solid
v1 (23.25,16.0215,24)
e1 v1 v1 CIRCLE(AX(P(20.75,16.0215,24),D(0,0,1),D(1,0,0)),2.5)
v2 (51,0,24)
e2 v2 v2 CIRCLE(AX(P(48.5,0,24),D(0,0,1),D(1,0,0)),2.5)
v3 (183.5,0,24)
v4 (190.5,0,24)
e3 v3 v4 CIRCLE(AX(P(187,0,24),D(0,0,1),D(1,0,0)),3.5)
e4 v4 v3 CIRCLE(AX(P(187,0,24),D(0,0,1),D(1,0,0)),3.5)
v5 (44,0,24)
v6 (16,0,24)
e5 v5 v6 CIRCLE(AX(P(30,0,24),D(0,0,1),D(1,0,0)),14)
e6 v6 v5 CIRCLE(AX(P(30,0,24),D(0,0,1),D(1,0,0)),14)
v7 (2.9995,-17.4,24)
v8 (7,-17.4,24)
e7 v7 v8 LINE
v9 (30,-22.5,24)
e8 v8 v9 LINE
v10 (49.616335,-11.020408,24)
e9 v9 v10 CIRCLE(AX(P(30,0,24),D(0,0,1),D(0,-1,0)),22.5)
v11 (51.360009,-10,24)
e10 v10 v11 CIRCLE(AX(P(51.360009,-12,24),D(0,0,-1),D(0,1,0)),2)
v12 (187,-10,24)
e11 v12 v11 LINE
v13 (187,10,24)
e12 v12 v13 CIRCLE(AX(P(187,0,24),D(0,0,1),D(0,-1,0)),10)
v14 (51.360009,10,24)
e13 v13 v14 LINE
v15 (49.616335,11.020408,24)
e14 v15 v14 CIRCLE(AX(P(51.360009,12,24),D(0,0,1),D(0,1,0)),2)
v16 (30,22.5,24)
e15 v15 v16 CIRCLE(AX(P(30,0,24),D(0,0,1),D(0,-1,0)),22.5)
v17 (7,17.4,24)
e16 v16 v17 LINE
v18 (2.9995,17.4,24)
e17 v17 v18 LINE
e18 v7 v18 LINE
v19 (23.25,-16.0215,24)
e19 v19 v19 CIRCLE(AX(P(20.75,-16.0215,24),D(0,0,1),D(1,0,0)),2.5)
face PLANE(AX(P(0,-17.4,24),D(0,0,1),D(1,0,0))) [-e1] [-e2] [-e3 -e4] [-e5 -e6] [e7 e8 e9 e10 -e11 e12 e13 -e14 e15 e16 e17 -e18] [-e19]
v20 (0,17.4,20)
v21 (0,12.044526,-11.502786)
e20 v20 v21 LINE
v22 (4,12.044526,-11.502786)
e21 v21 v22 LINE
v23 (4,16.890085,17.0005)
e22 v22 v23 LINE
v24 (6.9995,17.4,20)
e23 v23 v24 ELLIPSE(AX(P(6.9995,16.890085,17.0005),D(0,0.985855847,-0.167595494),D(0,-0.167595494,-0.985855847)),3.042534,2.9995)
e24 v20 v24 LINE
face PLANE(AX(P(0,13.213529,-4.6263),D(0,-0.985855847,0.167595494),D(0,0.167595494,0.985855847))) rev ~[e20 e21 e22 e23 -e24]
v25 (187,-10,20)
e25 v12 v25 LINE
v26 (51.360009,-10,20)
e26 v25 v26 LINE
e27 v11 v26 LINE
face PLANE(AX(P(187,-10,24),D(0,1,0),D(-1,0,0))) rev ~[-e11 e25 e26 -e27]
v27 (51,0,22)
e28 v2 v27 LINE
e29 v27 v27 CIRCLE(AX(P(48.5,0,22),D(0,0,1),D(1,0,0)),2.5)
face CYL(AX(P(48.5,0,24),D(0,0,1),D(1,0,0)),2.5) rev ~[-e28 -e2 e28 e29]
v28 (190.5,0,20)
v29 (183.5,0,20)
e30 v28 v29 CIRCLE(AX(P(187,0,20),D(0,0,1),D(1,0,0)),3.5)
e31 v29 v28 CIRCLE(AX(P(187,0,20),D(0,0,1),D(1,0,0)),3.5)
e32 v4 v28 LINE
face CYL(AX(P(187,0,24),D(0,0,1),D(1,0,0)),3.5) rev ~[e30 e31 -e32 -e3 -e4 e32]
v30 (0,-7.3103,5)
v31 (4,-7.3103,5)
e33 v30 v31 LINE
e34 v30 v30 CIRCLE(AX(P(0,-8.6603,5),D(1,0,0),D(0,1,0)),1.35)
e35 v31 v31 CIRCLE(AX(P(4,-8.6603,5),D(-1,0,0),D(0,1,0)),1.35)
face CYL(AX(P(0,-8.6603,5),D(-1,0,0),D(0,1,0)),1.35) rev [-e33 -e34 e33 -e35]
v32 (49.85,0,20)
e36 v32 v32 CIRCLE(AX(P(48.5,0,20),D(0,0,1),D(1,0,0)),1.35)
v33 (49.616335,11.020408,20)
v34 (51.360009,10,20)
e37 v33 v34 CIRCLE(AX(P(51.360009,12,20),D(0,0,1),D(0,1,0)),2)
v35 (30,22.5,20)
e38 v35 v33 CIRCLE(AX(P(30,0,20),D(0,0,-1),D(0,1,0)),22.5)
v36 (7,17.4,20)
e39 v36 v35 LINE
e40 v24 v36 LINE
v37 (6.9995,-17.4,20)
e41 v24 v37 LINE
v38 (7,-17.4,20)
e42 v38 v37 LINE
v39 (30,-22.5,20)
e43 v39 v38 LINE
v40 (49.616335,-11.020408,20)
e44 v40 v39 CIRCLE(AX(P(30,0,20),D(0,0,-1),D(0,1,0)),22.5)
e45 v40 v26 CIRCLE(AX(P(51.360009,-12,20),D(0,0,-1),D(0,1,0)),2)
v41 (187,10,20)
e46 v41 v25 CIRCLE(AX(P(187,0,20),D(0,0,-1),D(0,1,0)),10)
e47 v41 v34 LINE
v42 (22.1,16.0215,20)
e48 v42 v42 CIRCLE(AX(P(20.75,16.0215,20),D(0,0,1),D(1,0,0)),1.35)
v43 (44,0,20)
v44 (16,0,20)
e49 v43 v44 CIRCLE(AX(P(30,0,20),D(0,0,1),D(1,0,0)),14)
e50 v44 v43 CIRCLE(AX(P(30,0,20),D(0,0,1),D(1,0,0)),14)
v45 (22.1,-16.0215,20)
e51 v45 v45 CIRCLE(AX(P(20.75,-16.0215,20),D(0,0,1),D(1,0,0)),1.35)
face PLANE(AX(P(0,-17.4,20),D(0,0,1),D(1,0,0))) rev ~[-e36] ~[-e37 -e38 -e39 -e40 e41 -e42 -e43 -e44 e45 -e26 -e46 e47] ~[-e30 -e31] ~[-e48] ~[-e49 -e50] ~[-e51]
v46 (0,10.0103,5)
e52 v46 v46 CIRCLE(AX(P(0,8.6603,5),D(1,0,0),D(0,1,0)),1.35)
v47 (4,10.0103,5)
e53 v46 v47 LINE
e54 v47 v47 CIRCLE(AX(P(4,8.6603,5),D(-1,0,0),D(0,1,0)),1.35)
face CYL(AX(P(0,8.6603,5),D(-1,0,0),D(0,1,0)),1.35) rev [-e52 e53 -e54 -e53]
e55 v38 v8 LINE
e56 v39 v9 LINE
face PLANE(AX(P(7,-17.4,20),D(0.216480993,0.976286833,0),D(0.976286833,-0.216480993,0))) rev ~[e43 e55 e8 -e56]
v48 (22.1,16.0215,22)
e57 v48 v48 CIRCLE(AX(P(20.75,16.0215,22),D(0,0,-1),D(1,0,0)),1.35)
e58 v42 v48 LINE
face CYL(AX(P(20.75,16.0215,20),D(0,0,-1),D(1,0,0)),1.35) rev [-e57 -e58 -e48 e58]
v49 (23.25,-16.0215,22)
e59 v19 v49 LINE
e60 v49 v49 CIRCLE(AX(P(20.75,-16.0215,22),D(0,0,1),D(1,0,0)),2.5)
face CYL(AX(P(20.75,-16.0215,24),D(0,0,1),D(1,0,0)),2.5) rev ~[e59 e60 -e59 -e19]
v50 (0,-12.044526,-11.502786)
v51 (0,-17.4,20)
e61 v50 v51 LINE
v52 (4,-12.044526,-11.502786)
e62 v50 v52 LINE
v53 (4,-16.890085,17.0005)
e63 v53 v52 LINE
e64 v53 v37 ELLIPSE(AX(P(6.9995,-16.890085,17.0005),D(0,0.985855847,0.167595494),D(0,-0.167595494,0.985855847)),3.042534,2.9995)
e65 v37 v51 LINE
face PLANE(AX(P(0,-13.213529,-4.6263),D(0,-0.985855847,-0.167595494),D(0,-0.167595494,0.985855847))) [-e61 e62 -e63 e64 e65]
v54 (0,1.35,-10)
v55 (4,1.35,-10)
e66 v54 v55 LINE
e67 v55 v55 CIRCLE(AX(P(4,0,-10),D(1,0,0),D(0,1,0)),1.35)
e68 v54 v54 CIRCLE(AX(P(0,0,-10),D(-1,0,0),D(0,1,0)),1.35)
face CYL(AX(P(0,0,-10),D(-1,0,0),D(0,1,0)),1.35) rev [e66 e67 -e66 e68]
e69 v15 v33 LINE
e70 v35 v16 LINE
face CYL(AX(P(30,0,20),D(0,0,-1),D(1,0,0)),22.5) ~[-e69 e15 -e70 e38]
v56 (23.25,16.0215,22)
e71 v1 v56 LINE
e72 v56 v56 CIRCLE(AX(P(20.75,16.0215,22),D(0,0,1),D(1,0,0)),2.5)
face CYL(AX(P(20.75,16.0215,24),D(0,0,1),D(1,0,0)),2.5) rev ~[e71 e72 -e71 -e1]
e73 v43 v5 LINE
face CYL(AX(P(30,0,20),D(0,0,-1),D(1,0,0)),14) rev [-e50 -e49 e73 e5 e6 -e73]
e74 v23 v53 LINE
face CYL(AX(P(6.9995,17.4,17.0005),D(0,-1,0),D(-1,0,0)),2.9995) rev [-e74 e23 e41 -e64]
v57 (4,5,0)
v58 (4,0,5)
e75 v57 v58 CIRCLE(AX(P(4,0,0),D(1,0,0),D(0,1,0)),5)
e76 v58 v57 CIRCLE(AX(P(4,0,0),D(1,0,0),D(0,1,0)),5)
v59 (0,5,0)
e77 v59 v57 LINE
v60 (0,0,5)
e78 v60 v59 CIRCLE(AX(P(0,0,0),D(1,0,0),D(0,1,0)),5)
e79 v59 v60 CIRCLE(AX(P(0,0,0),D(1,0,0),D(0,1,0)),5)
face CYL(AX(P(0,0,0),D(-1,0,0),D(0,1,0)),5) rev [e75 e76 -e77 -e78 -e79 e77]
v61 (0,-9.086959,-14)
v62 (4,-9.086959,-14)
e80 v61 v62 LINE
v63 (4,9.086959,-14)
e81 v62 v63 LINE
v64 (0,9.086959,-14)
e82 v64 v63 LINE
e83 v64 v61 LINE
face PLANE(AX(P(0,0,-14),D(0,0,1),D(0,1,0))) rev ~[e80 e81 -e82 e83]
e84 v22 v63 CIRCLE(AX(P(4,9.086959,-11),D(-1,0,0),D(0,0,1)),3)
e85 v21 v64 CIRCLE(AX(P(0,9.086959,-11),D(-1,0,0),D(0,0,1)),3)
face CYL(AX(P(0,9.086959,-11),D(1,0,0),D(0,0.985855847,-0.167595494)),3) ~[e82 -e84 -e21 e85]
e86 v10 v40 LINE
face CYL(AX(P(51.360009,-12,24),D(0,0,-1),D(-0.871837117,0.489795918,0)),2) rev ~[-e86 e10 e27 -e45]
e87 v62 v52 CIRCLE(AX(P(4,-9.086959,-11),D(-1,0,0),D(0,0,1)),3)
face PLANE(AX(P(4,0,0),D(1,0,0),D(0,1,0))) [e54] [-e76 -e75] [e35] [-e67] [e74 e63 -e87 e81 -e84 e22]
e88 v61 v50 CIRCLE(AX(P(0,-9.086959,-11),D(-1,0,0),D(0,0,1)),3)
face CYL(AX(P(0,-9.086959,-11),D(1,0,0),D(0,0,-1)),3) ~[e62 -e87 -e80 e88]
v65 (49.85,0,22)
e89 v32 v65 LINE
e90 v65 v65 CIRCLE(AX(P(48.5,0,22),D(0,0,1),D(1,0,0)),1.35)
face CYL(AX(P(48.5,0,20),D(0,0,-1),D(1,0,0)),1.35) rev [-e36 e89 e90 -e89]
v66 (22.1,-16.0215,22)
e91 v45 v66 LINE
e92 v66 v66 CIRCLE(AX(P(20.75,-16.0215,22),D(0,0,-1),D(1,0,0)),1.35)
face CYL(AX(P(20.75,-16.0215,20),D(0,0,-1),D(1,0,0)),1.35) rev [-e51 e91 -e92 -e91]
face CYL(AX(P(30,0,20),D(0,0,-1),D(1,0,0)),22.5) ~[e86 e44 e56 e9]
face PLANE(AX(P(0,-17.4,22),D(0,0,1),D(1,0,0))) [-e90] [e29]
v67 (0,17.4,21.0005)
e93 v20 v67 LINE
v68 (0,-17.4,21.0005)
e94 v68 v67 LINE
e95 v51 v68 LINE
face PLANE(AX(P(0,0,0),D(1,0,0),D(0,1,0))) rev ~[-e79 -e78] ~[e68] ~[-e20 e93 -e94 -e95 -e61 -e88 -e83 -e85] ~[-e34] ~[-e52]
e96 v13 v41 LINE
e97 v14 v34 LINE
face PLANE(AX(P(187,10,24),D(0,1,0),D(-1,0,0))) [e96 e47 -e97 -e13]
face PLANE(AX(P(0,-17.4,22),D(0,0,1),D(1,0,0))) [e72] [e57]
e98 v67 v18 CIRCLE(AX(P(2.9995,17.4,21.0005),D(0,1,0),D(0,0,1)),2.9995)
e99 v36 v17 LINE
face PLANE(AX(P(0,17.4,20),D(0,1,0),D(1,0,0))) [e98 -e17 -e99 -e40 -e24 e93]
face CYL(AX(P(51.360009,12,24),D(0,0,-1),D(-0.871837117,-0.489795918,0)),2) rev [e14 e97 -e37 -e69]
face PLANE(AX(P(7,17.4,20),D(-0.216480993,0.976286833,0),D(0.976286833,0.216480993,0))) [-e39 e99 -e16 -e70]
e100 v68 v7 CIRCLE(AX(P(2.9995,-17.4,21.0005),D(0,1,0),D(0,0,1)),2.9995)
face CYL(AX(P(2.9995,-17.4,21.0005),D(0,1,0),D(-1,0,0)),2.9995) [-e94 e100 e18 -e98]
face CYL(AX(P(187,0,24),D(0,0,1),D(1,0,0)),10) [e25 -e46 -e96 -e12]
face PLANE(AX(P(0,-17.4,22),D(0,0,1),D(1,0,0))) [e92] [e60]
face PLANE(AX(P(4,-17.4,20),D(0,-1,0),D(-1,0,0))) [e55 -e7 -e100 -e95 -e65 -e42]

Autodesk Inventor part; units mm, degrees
ref_plane "YZ Plane" through (0, 0, 0) normal (1, 0, 0) x (0, 1, 0)
ref_plane "XZ Plane" through (0, 0, 0) normal (0, 1, 0) x (-1, 0, 0)
ref_plane "XY Plane" through (0, 0, 0) normal (0, 0, 1) x (1, 0, 0)
sketch "スケッチ1" plane through (0, 0, 0) normal (1, 0, 0) x (0, 1, 0)
  circle A0 centre (0, 0) radius 10
  circle A1 centre (0, -10) radius 1.35
  circle A2 centre (8.6603, 5) radius 1.35
  circle A3 centre (-8.6603, 5) radius 1.35
  circle A4 centre (0, 0) radius 5
  line L0 (0, 0) -> (0, 50)
  circle A5 centre (0, 50) radius 22.5
  circle A6 centre (0, 0) radius 14
  line L1 (-14, 0) -> (-22.5, 50)
  line L2 (14, 0) -> (22.5, 50)
  line L3 (0, -14) -> (-11.62, -14)
  line L4 (-11.62, -14) -> (-14, 0)
  line L5 (0, -14) -> (11.62, -14)
  line L6 (11.62, -14) -> (14, 0)
  line L7 (0, 20) -> (-17.4, 20)
  line L8 (0, 20) -> (17.4, 20)
  dimension "d0" = 20
  dimension "d1" = 2.7
  dimension "d4" = 360
  dimension "d6" = 10
  dimension "d7" = 50
  dimension "d8" = 45
  dimension "d9" = 28
extrude "押し出し1" add sketch "スケッチ1" along normal blind 4 contours A0 A1 A3 A2 | A6 L6 L4 | A6 L1 L7 L0 | L0 L8 L2 A6 | L6 L5 A6 | A6 L3 L4
sketch "スケッチ2" plane through (0, -17.4, 20) normal (0, 0, 1) x (1, 0, 0)
  line L0 (0, 17.4) -> (30, 17.4)
  circle A0 centre (30, 17.4) radius 22.5
  circle A1 centre (30, 17.4) radius 18.5
  circle A2 centre (30, 17.4) radius 14
  circle A3 centre (48.5, 17.4) radius 1.35
  circle A4 centre (20.75, 33.4215) radius 1.35
  circle A5 centre (20.75, 1.3785) radius 1.35
  line L1 (0, 29.02) -> (0, 34.8) projected
  line L2 (0, 0) -> (0, 5.78) projected
  line L3 (0, 34.8) -> (0, 0)
  line L4 (4, 29.02) -> (4, 34.8) projected
  line L5 (4, 34.8) -> (7, 34.8)
  line L6 (7, 34.8) -> (30, 39.9)
  line L7 (4, 0) -> (4, 5.78) projected
  line L8 (4, 0) -> (7, 0)
  line L9 (7, 0) -> (30, -5.1)
  line L10 (4, 0) -> (0, 0)
  line L11 (0, 34.8) -> (4, 34.8) projected
  line L12 (0, 0) -> (0, 34.8)
  line L13 (0, 34.8) -> (4, 34.8)
  dimension "d14" = 37
  dimension "d12" = 30
  dimension "d13" = 45
  dimension "d15" = 28
  dimension "d16" = 2.7
  dimension "d19" = 360
  dimension "d21" = 3
  dimension "d22" = 3
extrude "押し出し2" add sketch "スケッチ2" along normal blind 4 contours L3 L1 L11 L5 L6 A0 L0 | L0 A0 L9 L8 L10 L2 L3 | A1 A4 A3 A5 | A0 L6 L9
fillet "フィレット1" radius 3 2 edges at (4, 0, 20) (0, 0, 24)
fillet "フィレット2" radius 3 2 edges at (2, -11.62, -14) (2, 11.62, -14)
sketch "スケッチ7" plane through (0, -17.4, 24) normal (0, 0, 1) x (1, 0, 0)
  circle A0 centre (30, 17.4) radius 14 projected
  line L0 (30, 17.4) -> (187, 17.4)
  line L1 (30, 17.4) -> (187, 17.4) construction
  circle A1 centre (187, 17.4) radius 3.5
  circle A2 centre (187, 17.4) radius 10
  line L2 (187, 27.4) -> (50.1556, 27.4)
  arc A3 (30, -5.1) -> (30, 39.9) centre (30, 17.4) ccw projected
  line L3 (187, 27.4) -> (323.8444, 27.4) construction
  line L4 (187, 7.4) -> (50.1556, 7.4)
  point P0 (0, 17.4)
  dimension "d55" = 157
  dimension "d56" = 0
  dimension "d57" = 7
  dimension "d58" = 20
  dimension "d59" = 180
extrude "押し出し7" add sketch "スケッチ7" against normal blind 4 contours A3 L2 A2 L0 | L0 A2 L4 A3 | A2
fillet "フィレット3" radius 2 2 edges at (50.1556, 10, 22) (50.1556, -10, 22)
sketch "スケッチ8" plane through (0, -17.4, 24) normal (0, 0, 1) x (1, 0, 0)
  circle A0 centre (20.75, 33.4215) radius 1.35 projected
  circle A1 centre (20.75, 33.4215) radius 2.5
  circle A2 centre (48.5, 17.4) radius 1.35 projected
  circle A3 centre (48.5, 17.4) radius 2.5
  circle A4 centre (20.75, 1.3785) radius 1.35 projected
  circle A5 centre (20.75, 1.3785) radius 2.5
  point P0 (0, 17.4)
  dimension "d63" = 5
  dimension "d64" = 5
  dimension "d65" = 5
extrude "押し出し8" cut sketch "スケッチ8" against normal blind 2 contours A0 | A1 | A3 | A4 | A5
properties part number "motor_holder_2" material "アルミニウム 6061"
